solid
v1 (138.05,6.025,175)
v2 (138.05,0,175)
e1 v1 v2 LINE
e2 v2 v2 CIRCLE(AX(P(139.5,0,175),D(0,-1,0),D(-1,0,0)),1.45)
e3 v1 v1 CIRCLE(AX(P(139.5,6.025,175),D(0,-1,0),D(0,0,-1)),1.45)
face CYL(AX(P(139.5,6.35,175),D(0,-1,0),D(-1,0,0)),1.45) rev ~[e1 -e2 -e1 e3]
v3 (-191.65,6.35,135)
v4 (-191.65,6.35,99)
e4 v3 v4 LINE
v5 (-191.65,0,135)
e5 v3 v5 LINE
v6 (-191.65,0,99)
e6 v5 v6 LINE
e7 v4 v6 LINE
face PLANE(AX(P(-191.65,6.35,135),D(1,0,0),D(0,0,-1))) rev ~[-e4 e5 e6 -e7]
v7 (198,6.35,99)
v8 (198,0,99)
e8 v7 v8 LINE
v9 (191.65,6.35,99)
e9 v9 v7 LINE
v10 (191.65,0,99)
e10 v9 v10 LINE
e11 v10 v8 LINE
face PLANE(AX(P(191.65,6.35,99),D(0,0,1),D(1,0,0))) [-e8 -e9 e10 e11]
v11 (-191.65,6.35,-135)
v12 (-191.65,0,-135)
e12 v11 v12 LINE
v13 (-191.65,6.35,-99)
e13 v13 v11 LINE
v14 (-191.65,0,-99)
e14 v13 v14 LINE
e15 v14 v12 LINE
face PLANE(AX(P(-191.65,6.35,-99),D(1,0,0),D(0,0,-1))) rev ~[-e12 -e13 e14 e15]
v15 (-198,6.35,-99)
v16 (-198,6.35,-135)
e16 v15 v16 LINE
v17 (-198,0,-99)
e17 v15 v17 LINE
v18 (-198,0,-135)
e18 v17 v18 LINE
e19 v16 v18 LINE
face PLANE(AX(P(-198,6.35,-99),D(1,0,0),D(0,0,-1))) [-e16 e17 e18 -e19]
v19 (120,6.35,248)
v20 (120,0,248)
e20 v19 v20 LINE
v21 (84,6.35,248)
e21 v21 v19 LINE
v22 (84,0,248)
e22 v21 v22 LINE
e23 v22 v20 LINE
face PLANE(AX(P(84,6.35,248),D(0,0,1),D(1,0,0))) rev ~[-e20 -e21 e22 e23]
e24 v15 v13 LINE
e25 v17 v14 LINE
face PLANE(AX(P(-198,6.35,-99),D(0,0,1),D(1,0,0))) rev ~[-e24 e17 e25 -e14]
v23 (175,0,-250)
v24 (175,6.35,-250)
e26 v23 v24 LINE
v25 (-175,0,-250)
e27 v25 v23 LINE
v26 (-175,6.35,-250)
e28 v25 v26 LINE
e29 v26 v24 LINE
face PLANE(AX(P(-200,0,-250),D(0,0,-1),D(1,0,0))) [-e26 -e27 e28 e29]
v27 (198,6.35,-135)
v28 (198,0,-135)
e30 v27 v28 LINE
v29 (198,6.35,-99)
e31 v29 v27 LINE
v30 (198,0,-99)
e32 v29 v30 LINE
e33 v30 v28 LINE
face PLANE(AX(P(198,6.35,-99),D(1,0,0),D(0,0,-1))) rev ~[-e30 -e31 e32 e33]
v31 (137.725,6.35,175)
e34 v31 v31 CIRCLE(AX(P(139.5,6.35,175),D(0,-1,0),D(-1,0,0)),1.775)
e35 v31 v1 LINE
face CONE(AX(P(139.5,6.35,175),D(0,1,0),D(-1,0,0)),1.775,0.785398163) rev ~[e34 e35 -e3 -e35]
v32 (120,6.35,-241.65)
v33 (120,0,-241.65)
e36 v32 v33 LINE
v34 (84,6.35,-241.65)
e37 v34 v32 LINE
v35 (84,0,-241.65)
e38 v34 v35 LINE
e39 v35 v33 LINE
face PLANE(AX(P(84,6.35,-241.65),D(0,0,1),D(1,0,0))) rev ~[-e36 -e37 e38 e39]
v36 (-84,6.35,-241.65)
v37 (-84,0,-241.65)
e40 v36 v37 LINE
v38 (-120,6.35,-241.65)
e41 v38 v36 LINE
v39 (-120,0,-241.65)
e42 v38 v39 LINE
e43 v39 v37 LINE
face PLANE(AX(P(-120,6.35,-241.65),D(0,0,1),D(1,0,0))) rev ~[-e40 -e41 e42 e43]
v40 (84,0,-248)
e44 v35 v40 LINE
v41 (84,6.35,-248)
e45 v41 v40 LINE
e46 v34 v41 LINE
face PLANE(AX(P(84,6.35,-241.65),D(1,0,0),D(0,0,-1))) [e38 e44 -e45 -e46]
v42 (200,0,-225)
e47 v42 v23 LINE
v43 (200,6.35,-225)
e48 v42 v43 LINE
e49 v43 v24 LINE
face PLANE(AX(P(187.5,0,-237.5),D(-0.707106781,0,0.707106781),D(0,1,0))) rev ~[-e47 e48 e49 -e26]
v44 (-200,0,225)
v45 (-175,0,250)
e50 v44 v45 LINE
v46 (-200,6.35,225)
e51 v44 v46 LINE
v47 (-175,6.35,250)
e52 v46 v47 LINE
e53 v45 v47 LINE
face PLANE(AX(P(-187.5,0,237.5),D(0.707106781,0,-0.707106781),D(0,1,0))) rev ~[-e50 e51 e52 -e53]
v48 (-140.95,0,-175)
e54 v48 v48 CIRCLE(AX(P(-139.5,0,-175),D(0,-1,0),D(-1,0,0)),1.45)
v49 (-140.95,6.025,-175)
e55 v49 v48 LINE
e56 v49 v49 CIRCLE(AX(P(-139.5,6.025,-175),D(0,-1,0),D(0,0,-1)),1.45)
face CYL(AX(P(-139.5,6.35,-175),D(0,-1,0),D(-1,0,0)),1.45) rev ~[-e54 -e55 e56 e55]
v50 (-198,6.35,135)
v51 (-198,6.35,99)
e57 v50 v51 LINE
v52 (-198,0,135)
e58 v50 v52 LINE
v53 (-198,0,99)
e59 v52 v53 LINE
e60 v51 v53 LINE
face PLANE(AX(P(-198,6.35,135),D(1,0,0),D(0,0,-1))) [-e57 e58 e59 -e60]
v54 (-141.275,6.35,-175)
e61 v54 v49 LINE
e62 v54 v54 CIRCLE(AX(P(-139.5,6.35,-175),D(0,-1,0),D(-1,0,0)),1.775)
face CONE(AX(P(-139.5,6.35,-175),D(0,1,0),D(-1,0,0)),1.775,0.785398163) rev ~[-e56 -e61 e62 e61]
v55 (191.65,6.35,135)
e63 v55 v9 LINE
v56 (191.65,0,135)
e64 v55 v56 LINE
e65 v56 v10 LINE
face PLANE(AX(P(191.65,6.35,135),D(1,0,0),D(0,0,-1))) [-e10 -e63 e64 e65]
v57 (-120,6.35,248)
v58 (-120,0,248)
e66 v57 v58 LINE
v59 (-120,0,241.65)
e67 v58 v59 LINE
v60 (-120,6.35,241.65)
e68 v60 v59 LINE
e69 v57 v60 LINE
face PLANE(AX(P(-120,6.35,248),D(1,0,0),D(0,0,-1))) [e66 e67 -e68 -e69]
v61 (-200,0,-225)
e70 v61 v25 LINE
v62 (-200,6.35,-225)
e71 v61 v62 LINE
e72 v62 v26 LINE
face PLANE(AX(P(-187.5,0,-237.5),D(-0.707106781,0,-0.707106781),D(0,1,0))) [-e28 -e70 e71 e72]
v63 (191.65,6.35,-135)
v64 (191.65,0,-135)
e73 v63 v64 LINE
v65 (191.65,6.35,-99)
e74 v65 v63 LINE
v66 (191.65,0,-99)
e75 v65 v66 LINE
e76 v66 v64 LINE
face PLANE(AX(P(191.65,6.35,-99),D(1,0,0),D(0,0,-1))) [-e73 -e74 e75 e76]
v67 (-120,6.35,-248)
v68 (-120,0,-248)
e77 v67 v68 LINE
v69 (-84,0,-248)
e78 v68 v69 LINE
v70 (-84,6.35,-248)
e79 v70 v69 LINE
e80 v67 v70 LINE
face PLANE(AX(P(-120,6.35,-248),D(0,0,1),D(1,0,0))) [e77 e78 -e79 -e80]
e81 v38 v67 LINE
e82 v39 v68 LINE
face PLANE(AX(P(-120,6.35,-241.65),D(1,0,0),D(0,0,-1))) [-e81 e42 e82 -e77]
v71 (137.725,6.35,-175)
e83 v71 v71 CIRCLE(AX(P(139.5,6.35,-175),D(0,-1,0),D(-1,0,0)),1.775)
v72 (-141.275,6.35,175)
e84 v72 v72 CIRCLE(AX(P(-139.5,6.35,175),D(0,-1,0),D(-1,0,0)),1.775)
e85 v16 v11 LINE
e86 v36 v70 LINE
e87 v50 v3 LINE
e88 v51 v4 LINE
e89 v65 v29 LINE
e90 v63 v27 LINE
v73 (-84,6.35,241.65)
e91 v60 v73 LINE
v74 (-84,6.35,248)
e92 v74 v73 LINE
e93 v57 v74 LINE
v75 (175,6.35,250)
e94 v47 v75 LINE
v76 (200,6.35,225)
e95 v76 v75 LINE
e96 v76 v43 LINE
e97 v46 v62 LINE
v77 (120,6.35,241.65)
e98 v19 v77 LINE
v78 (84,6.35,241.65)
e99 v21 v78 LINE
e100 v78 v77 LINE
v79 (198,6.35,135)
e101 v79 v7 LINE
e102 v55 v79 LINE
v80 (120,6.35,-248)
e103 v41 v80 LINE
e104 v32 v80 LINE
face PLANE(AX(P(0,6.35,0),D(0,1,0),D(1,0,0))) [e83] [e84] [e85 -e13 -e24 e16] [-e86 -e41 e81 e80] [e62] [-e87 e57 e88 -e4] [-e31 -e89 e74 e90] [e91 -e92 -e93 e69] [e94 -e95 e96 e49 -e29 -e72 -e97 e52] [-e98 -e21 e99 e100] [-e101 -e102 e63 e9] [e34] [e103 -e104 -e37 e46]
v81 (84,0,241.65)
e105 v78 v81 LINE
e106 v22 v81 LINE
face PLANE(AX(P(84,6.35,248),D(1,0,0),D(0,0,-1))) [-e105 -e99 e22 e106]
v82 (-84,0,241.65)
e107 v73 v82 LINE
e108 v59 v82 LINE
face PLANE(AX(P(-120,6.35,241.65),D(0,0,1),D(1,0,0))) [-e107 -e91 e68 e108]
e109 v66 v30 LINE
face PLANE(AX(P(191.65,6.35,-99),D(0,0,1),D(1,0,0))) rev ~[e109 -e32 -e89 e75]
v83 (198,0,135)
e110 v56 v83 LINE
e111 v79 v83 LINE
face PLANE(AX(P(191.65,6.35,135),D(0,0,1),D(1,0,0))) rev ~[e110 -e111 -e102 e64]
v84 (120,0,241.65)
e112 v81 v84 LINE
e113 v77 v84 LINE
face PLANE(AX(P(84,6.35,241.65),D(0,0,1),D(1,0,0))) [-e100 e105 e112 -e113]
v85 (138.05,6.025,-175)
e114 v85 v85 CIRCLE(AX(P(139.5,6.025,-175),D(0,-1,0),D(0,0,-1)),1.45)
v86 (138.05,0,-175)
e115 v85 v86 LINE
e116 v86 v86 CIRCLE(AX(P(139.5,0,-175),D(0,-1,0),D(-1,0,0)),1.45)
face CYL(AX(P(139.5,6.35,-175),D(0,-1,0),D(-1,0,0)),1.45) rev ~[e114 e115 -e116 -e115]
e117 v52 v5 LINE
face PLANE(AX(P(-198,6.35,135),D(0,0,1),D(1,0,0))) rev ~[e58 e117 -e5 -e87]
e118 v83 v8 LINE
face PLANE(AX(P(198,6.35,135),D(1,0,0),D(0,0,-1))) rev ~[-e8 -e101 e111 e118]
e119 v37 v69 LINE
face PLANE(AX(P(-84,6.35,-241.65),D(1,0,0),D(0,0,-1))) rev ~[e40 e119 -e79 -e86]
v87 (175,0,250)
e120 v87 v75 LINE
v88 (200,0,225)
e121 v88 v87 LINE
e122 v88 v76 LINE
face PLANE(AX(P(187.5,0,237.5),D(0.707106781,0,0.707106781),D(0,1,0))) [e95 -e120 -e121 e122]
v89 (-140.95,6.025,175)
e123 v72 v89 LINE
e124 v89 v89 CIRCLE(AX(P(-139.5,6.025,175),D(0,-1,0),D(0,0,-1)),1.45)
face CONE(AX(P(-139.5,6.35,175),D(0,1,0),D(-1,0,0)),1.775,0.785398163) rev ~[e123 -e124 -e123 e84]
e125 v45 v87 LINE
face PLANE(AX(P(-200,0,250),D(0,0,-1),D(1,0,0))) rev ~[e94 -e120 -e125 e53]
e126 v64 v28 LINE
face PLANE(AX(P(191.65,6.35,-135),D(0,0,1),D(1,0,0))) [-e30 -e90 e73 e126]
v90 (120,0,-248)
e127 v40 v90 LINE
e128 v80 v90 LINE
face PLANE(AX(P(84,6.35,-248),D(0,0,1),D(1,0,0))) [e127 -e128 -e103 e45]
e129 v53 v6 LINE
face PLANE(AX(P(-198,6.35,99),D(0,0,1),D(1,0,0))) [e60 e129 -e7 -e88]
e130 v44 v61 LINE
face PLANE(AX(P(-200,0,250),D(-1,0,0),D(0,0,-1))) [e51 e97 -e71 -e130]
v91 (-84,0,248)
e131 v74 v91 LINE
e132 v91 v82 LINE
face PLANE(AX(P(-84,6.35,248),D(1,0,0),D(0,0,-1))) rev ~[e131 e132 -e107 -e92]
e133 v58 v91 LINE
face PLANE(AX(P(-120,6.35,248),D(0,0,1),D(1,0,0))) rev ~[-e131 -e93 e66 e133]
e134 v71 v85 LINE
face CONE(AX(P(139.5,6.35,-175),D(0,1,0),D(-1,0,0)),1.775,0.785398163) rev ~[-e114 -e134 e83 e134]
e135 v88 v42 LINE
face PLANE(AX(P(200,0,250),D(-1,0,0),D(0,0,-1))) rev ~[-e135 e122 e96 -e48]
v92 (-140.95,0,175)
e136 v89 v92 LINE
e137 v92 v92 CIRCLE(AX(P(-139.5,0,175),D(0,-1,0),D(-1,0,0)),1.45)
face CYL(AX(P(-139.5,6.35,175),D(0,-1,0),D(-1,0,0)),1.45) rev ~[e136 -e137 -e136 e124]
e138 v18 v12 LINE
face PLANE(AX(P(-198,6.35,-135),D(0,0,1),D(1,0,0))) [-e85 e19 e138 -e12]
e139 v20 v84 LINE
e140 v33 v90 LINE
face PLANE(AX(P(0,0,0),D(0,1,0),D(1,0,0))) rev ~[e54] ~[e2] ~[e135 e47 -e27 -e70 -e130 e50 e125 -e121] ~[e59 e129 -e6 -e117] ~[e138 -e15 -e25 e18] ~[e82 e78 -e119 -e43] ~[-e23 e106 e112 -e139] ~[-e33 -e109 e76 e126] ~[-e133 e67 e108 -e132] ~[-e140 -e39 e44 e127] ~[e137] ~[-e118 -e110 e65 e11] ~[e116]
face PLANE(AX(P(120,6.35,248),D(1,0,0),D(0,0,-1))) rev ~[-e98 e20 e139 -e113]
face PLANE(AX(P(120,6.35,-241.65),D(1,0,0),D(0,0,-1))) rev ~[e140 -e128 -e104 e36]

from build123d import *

# Parameters (mm, degrees)
SKETCH2_W                         = 400
SKETCH2_H                         = 500
BOSS_EXTRUDE2_DEPTH               = 6.35
M3_5X0_6_TAPPED_HOLE2_D           = 2.9
M3_5X0_6_TAPPED_HOLE2_CSINK_D     = 3.55
M3_5X0_6_TAPPED_HOLE2_CSINK_ANGLE = 90
CHAMFER1_SIZE                     = 25
SKETCH9_W                         = 6.35
SKETCH9_H                         = 36
SKETCH9_W_2                       = 36
SKETCH9_H_2                       = 6.35
CUT_EXTRUDE1_DEPTH                = 321.219178845


with BuildPart() as part:
    # Sketch2 → Boss-Extrude2 (new body)
    with BuildSketch(Plane(origin=(0, 0, 0), x_dir=(1, 0, 0), z_dir=(0, 1, 0))):
        Rectangle(SKETCH2_W, SKETCH2_H)
    extrude(amount=BOSS_EXTRUDE2_DEPTH)

    # M3.5x0.6 Tapped Hole2 (through all)
    with Locations(Plane(origin=(0, 6.35, 0), x_dir=(1, 0, 0), z_dir=(0, 1, 0))):
        with Locations((-139.5, 175), (139.5, 175), (-139.5, -175), (139.5, -175)):
            CounterSinkHole(M3_5X0_6_TAPPED_HOLE2_D / 2, M3_5X0_6_TAPPED_HOLE2_CSINK_D / 2, counter_sink_angle=M3_5X0_6_TAPPED_HOLE2_CSINK_ANGLE)

    # Chamfer1
    chamfer1_edges = [part.edges().sort_by_distance(p)[0] for p in [
        (200, 3.175, 250),
        (-200, 3.175, 250),
        (-200, 3.175, -250),
        (200, 3.175, -250),
    ]]
    chamfer(chamfer1_edges, length=CHAMFER1_SIZE)

    # Sketch9 → Cut-Extrude1 (cut, through all)
    with BuildSketch(Plane(origin=(0, 6.35, 0), x_dir=(1, 0, 0), z_dir=(0, 1, 0))):
        with Locations((194.825, 117)):
            Rectangle(SKETCH9_W, SKETCH9_H)
        with Locations((102, -244.825)):
            Rectangle(SKETCH9_W_2, SKETCH9_H_2)
        with Locations((-102, -244.825)):
            Rectangle(SKETCH9_W_2, SKETCH9_H_2)
        with Locations((-102, 244.825)):
            Rectangle(SKETCH9_W_2, SKETCH9_H_2)
        with Locations((102, 244.825)):
            Rectangle(SKETCH9_W_2, SKETCH9_H_2)
        with Locations((194.825, -117)):
            Rectangle(SKETCH9_W, SKETCH9_H)
        with Locations((-194.825, -117)):
            Rectangle(SKETCH9_W, SKETCH9_H)
        with Locations((-194.825, 117)):
            Rectangle(SKETCH9_W, SKETCH9_H)
    extrude(amount=-CUT_EXTRUDE1_DEPTH, mode=Mode.SUBTRACT)


solid = part.part
